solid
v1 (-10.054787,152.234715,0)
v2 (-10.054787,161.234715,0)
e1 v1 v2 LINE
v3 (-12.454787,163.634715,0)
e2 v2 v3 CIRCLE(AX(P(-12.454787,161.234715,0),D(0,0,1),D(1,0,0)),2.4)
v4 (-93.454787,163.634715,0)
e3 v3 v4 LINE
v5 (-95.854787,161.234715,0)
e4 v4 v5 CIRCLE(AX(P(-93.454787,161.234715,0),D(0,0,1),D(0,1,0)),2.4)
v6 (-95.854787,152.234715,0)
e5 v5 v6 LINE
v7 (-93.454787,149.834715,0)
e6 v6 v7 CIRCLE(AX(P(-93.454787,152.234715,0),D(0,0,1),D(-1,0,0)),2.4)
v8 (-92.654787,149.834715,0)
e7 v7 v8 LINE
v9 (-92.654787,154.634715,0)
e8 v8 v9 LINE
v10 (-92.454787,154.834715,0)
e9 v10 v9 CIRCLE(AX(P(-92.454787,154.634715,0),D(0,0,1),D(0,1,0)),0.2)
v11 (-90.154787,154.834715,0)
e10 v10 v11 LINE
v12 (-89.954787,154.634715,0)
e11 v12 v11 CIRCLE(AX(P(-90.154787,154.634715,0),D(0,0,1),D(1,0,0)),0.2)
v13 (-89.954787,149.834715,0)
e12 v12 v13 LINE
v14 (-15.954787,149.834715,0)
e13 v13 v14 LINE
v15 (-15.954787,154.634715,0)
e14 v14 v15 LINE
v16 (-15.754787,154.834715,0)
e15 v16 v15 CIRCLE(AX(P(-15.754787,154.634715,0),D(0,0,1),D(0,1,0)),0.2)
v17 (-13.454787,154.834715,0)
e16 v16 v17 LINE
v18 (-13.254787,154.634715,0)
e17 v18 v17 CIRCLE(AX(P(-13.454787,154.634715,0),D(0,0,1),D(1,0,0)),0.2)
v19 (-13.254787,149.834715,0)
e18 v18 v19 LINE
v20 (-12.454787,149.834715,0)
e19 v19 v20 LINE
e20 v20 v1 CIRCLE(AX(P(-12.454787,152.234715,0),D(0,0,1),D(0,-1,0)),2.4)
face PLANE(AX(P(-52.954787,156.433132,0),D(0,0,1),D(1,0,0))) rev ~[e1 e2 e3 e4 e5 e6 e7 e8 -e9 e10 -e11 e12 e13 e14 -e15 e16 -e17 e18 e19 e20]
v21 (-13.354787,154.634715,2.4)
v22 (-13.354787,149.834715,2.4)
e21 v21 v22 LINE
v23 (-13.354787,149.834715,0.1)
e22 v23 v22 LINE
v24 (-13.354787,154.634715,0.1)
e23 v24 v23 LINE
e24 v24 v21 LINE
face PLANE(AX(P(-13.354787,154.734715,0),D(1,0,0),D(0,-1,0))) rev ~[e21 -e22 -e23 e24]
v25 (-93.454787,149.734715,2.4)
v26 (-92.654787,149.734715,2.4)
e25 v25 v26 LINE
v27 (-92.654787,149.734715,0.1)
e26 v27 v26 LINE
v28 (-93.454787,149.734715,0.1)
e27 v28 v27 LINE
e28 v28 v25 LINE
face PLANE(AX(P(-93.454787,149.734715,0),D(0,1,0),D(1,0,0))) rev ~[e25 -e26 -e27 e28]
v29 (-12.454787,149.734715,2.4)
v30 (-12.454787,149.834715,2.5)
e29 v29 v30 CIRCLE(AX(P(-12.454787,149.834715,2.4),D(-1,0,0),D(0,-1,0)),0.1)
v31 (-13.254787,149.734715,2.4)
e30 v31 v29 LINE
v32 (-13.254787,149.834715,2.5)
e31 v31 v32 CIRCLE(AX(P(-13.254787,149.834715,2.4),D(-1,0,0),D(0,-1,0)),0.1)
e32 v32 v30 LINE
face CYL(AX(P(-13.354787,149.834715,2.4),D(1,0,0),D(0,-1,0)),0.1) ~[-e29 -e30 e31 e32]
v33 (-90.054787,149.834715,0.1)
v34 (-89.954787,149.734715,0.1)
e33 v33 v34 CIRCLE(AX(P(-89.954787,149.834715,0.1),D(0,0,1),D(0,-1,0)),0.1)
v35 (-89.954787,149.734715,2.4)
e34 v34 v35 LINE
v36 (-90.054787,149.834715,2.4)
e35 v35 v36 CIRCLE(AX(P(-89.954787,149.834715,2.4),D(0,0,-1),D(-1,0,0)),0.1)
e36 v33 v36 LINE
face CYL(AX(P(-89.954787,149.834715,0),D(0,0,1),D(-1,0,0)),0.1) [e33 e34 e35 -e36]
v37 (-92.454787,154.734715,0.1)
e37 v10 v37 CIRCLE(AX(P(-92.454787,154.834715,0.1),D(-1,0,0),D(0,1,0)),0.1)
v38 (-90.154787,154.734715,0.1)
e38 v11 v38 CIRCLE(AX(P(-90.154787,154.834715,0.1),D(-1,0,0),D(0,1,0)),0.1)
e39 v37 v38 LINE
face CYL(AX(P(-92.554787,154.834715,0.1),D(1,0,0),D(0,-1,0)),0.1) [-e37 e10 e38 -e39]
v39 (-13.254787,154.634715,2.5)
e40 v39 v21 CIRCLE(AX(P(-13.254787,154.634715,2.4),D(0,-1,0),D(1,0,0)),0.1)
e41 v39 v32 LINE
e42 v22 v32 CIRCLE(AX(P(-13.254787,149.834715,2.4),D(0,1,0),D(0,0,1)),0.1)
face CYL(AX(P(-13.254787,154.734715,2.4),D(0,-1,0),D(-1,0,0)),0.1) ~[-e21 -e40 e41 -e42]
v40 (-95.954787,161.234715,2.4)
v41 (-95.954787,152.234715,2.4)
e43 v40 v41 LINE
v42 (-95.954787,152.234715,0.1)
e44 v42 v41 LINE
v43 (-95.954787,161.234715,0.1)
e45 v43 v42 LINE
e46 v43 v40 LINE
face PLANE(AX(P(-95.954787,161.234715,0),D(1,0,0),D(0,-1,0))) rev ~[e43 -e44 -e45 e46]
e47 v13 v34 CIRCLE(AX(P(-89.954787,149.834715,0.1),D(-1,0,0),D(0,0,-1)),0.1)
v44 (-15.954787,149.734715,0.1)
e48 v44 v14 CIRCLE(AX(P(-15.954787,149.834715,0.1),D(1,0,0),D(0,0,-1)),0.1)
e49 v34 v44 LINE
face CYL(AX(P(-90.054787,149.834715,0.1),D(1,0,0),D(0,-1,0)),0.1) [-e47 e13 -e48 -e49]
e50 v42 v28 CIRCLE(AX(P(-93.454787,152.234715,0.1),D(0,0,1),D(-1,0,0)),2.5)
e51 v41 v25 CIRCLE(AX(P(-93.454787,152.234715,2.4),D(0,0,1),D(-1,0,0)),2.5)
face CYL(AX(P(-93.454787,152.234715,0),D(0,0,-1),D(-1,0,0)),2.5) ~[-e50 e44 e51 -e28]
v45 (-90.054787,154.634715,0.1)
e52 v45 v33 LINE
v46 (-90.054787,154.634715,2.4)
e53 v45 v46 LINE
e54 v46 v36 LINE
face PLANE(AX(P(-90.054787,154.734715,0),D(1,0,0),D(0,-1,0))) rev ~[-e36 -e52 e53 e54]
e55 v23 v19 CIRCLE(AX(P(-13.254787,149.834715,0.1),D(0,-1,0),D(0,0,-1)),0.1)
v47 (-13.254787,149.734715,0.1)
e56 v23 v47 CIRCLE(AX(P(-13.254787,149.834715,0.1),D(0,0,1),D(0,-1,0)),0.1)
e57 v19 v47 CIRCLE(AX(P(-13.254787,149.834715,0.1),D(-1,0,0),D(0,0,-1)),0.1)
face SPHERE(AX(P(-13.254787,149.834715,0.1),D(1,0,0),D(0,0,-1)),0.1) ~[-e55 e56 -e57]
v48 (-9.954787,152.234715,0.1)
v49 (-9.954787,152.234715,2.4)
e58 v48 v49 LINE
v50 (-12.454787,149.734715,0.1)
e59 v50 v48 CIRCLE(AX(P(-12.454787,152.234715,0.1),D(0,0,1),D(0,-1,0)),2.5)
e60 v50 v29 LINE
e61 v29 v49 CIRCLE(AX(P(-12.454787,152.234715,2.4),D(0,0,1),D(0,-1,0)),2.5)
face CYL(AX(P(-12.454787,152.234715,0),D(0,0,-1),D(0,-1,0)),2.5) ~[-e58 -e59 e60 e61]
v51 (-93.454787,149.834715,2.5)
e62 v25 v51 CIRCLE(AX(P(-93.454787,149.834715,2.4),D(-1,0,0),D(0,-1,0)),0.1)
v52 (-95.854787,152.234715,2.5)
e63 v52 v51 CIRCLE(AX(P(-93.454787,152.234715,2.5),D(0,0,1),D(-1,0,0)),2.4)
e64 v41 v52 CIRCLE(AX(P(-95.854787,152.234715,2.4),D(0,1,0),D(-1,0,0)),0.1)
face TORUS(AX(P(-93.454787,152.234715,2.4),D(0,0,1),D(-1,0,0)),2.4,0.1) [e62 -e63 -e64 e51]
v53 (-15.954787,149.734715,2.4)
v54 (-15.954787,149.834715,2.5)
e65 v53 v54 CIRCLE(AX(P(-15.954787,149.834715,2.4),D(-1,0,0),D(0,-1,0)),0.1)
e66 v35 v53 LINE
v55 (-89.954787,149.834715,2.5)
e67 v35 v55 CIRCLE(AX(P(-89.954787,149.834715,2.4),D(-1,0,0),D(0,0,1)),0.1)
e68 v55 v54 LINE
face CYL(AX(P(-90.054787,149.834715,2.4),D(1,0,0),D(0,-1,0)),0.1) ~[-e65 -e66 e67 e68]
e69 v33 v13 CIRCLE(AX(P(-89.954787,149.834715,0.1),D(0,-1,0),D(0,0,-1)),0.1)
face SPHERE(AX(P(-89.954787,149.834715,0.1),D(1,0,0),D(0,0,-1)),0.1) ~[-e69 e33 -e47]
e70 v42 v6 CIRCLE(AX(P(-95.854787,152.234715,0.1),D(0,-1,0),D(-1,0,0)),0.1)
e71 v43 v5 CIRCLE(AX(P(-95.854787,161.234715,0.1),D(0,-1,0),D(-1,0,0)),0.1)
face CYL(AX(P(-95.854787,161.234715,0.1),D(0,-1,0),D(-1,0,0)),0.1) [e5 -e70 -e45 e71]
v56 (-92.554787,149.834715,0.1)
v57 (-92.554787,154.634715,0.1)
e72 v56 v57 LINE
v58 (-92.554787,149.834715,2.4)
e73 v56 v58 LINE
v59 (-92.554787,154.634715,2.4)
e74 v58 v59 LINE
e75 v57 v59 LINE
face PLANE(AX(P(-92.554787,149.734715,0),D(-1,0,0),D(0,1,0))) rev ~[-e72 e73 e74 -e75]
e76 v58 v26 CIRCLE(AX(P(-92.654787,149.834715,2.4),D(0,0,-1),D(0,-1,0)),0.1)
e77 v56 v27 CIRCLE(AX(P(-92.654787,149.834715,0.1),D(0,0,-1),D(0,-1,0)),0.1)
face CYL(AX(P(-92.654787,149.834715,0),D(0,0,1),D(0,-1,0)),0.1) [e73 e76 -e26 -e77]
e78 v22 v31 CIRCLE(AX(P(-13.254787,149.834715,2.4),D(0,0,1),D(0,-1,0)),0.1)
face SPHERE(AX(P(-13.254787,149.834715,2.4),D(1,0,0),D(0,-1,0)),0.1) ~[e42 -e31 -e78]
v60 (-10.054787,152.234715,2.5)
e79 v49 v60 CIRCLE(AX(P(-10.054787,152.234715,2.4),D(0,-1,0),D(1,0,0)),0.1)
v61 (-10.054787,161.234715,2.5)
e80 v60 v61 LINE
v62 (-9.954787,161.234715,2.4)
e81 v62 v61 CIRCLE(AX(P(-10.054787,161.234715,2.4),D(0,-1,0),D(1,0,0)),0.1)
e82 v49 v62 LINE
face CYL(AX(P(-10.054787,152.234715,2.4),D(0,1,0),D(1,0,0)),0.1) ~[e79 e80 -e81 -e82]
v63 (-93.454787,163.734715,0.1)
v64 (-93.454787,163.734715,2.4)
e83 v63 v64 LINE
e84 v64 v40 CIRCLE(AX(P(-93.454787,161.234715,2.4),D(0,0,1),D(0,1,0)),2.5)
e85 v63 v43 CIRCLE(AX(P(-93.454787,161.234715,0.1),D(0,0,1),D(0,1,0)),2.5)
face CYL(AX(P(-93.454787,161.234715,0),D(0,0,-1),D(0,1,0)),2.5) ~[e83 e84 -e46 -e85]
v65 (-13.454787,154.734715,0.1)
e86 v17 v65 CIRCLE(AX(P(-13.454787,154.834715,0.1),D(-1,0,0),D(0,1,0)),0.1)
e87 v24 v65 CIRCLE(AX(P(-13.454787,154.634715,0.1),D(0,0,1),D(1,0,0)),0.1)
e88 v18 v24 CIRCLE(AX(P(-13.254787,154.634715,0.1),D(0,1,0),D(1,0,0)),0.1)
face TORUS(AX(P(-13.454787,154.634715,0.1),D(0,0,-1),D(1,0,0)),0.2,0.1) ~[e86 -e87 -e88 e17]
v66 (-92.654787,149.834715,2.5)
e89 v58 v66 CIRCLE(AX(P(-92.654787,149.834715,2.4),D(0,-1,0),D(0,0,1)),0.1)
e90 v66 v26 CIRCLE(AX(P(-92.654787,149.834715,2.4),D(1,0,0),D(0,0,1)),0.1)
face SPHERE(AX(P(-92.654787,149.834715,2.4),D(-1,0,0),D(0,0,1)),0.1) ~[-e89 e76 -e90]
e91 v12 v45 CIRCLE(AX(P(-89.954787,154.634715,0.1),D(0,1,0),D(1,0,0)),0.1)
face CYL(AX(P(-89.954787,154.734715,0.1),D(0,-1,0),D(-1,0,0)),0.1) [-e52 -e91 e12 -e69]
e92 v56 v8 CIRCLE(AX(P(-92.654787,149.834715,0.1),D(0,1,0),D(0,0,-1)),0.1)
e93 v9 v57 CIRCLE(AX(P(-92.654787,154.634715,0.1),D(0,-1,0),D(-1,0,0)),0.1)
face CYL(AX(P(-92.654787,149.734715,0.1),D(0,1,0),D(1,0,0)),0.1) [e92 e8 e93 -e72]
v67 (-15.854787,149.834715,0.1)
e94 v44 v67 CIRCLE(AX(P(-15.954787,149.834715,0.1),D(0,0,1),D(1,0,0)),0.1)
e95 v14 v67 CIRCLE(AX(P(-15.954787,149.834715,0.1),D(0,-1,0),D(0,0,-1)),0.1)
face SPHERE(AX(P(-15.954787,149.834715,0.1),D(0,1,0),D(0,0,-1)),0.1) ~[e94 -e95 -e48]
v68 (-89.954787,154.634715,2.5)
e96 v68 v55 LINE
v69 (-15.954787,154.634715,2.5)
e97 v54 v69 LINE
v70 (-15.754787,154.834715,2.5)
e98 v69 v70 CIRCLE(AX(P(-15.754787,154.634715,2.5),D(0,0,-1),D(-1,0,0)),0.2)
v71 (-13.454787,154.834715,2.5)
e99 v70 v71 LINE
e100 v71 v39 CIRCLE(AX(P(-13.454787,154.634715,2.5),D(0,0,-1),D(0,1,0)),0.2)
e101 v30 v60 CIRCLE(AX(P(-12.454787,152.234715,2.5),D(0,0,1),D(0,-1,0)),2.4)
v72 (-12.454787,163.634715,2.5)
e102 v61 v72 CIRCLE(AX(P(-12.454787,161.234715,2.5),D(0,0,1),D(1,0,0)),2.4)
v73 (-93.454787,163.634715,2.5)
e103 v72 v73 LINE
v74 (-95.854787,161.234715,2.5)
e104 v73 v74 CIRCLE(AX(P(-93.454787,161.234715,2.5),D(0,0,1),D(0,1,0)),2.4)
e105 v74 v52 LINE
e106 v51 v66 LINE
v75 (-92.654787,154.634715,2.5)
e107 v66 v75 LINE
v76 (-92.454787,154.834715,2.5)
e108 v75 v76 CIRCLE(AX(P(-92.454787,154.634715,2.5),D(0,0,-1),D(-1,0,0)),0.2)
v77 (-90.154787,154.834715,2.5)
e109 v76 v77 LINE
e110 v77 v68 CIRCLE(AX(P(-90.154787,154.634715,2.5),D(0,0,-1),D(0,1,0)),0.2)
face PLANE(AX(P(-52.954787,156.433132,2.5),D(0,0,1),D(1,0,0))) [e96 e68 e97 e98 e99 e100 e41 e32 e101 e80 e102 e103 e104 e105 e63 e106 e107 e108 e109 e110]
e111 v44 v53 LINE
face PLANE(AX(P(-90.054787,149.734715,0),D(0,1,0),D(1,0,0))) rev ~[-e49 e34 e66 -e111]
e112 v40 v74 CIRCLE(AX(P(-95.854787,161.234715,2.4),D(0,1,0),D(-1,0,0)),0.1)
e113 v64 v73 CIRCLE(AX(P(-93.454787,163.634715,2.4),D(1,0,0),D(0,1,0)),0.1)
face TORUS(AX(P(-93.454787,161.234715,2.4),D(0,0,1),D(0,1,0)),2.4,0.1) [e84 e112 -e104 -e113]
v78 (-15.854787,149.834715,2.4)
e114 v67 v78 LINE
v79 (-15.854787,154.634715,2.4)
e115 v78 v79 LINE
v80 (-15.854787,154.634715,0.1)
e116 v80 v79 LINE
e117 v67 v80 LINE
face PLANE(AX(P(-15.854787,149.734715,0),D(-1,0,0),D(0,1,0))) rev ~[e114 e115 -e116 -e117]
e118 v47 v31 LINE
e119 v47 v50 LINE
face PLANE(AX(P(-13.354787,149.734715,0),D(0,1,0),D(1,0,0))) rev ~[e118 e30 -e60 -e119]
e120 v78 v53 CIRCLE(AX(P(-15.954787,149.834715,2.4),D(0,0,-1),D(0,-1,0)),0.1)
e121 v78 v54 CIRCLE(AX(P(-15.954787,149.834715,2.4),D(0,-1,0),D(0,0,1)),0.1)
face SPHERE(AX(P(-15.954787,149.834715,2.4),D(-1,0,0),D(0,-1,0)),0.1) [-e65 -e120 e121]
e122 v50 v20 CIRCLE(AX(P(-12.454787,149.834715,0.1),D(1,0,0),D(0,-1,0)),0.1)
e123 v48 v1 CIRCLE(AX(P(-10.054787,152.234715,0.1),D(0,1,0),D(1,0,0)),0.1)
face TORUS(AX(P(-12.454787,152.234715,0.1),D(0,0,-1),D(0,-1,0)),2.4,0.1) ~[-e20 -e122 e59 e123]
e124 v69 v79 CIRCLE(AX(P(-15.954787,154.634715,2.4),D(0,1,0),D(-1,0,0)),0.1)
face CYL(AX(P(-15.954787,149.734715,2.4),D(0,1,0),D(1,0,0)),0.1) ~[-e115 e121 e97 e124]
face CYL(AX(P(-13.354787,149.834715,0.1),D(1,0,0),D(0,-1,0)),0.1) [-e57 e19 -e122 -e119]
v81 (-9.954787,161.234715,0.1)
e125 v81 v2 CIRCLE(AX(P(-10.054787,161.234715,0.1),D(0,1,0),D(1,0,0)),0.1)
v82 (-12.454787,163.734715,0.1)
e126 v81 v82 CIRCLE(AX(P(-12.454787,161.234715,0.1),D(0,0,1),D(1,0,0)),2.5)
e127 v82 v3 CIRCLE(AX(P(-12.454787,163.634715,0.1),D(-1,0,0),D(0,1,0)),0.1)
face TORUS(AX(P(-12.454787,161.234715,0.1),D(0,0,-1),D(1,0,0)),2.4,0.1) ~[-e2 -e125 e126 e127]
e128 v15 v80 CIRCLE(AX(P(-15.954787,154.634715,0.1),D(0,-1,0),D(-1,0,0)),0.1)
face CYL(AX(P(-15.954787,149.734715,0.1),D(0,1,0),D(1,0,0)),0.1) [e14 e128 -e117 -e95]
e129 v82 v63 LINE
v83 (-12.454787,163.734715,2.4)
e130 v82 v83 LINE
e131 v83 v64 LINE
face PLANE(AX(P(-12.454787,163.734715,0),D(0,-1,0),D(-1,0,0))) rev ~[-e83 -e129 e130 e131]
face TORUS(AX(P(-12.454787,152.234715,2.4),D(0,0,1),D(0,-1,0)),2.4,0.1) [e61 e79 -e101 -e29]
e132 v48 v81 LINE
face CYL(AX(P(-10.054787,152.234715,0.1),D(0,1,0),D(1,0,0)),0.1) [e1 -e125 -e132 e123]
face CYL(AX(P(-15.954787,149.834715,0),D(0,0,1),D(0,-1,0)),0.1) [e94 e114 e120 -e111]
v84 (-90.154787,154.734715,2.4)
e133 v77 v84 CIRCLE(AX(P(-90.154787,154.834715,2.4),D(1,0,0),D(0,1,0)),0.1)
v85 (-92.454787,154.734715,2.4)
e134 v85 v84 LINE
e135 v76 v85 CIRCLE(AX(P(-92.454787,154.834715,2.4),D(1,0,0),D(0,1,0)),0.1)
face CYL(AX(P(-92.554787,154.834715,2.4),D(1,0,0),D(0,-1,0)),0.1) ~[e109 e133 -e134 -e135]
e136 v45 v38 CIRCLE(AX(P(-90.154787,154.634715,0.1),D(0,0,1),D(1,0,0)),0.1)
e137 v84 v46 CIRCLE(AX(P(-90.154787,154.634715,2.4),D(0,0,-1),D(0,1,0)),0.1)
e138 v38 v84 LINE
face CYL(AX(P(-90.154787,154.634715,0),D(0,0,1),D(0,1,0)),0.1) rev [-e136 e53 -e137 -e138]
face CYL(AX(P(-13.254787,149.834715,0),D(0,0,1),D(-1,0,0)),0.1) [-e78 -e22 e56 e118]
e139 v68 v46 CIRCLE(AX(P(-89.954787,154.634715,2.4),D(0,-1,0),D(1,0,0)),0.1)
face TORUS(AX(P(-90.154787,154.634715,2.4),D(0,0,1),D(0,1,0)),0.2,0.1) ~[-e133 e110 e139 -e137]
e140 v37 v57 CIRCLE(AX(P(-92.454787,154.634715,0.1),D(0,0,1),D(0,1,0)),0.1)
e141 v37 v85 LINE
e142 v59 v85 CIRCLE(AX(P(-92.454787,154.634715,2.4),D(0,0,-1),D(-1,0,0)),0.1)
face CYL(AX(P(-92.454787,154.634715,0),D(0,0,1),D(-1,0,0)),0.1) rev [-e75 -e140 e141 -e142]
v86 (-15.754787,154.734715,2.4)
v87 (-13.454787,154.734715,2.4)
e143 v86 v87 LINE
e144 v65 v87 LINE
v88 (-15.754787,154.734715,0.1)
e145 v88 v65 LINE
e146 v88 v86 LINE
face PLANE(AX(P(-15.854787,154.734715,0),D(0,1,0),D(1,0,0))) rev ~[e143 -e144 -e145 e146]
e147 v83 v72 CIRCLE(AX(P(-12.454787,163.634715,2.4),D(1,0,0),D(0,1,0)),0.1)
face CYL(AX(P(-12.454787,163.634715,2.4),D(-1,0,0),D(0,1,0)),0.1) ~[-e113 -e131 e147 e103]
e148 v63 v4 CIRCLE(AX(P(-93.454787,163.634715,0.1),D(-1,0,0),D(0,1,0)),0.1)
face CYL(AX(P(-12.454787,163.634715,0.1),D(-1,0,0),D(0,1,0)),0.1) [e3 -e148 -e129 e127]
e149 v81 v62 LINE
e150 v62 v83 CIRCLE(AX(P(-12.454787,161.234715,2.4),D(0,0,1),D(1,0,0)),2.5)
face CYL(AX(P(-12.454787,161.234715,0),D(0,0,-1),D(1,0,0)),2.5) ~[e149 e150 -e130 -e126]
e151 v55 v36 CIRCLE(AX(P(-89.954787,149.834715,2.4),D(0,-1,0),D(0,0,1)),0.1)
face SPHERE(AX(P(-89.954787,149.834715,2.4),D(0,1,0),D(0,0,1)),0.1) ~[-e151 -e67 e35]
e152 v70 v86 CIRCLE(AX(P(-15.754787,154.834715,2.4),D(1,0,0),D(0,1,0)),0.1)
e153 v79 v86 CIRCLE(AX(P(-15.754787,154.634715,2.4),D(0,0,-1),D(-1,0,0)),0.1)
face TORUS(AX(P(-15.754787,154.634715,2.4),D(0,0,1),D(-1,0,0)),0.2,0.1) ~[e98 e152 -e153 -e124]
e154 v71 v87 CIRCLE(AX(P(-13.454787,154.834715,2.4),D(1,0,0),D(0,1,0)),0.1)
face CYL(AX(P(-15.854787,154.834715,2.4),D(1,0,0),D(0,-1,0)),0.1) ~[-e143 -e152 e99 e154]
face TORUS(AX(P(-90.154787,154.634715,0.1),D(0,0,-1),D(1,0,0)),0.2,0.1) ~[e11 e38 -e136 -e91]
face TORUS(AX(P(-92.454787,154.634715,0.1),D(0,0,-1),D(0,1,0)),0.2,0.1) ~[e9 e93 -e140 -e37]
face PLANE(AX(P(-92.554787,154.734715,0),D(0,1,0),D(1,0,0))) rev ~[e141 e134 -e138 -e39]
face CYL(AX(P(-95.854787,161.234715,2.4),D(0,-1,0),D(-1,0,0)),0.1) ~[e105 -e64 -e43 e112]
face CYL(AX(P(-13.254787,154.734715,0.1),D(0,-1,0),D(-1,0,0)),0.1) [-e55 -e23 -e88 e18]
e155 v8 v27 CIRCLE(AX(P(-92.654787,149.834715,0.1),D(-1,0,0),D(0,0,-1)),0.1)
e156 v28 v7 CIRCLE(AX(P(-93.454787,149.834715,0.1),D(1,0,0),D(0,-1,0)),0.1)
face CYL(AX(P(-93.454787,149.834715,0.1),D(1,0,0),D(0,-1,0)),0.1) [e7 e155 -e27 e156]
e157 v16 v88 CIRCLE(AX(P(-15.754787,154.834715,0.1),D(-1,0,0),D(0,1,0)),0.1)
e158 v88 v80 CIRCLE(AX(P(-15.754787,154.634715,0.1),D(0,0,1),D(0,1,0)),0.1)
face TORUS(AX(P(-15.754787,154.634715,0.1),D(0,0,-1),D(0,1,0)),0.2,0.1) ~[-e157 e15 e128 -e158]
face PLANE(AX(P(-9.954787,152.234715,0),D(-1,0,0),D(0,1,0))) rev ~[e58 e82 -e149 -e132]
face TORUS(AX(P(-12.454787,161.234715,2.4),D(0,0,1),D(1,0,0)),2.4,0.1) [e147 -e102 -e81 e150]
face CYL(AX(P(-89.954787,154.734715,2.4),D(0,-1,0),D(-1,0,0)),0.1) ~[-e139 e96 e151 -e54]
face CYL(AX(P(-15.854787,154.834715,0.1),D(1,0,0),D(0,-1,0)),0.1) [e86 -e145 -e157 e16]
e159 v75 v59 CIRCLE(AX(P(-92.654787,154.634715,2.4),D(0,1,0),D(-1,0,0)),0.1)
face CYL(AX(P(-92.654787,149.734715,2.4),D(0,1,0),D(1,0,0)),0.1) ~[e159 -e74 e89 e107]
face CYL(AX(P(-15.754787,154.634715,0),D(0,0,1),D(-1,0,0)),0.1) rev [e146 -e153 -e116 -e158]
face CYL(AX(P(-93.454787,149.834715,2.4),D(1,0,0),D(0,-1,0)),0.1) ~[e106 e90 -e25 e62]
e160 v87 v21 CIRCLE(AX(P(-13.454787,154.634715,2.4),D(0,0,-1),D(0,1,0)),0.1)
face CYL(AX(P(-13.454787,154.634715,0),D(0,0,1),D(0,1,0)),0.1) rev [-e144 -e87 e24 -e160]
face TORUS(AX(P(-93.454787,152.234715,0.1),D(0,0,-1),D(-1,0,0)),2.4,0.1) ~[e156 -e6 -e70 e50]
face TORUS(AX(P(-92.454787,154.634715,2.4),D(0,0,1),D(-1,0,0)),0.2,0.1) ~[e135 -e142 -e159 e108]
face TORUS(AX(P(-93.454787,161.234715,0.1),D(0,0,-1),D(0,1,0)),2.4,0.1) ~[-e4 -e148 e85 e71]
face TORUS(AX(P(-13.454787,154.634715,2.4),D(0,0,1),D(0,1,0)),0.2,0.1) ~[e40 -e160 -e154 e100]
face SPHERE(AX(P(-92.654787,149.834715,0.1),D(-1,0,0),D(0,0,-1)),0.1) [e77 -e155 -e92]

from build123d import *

# Parameters (mm, degrees)
RESSALTO_EXTRUS_O1_DEPTH = 2.5
FILETE1_R                = 0.1


with BuildPart() as part:
    # Esboço1 → Ressalto-extrusão1 (new body)
    with BuildSketch(Plane.XY):
        with BuildLine():
            Line((-12.454787307, 163.73471538), (-93.454787307, 163.73471538))
            ThreePointArc((-93.454787307, 163.73471538), (-95.22255426, 163.002482333), (-95.954787307, 161.23471538))
            Line((-95.954787307, 161.23471538), (-95.954787307, 152.23471538))
            ThreePointArc((-95.954787307, 152.23471538), (-95.22255426, 150.466948427), (-93.454787307, 149.73471538))
            Line((-93.454787307, 149.73471538), (-92.554787307, 149.73471538))
            Line((-92.554787307, 149.73471538), (-92.554787307, 154.73471538))
            Line((-92.554787307, 154.73471538), (-90.054787307, 154.73471538))
            Line((-90.054787307, 154.73471538), (-90.054787307, 149.73471538))
            Line((-90.054787307, 149.73471538), (-66.954787307, 149.73471538))
            Line((-66.954787307, 149.73471538), (-64.454787307, 149.73471538))
            Line((-64.454787307, 149.73471538), (-41.454787307, 149.73471538))
            Line((-41.454787307, 149.73471538), (-38.954787307, 149.73471538))
            Line((-38.954787307, 149.73471538), (-15.854787307, 149.73471538))
            Line((-15.854787307, 149.73471538), (-15.854787307, 154.73471538))
            Line((-15.854787307, 154.73471538), (-13.354787307, 154.73471538))
            Line((-13.354787307, 154.73471538), (-13.354787307, 149.73471538))
            Line((-13.354787307, 149.73471538), (-12.454787307, 149.73471538))
            ThreePointArc((-12.454787307, 149.73471538), (-10.687020354, 150.466948427), (-9.954787307, 152.23471538))
            Line((-9.954787307, 152.23471538), (-9.954787307, 161.23471538))
            ThreePointArc((-9.954787307, 161.23471538), (-10.687020354, 163.002482333), (-12.454787307, 163.73471538))
        make_face()
    extrude(amount=RESSALTO_EXTRUS_O1_DEPTH)

    # Filete1
    filete1_edges = [part.edges().sort_by_distance(p)[0] for p in [
        (-93.004787307, 149.73471538, 2.5),
        (-95.22255426, 163.002482333, 0),
        (-52.954787307, 163.73471538, 0),
        (-92.554787307, 152.23471538, 2.5),
        (-10.687020354, 163.002482333, 0),
        (-9.954787307, 156.73471538, 0),
        (-10.687020354, 150.466948427, 0),
        (-12.904787307, 149.73471538, 0),
        (-13.354787307, 152.23471538, 0),
        (-14.604787307, 154.73471538, 0),
        (-15.854787307, 152.23471538, 0),
        (-52.954787307, 149.73471538, 0),
        (-91.304787307, 154.73471538, 2.5),
        (-90.054787307, 152.23471538, 0),
        (-91.304787307, 154.73471538, 0),
        (-92.554787307, 152.23471538, 0),
        (-93.004787307, 149.73471538, 0),
        (-95.22255426, 150.466948427, 0),
        (-95.954787307, 156.73471538, 0),
        (-90.054787307, 152.23471538, 2.5),
        (-52.954787307, 149.73471538, 2.5),
        (-13.354787307, 149.73471538, 1.25),
        (-13.354787307, 154.73471538, 1.25),
        (-15.854787307, 154.73471538, 1.25),
        (-15.854787307, 149.73471538, 1.25),
        (-90.054787307, 149.73471538, 1.25),
        (-90.054787307, 154.73471538, 1.25),
        (-92.554787307, 154.73471538, 1.25),
        (-92.554787307, 149.73471538, 1.25),
        (-15.854787307, 152.23471538, 2.5),
        (-14.604787307, 154.73471538, 2.5),
        (-13.354787307, 152.23471538, 2.5),
        (-12.904787307, 149.73471538, 2.5),
        (-10.687020354, 150.466948427, 2.5),
        (-95.954787307, 156.73471538, 2.5),
        (-9.954787307, 156.73471538, 2.5),
        (-10.687020354, 163.002482333, 2.5),
        (-52.954787307, 163.73471538, 2.5),
        (-95.22255426, 163.002482333, 2.5),
        (-95.22255426, 150.466948427, 2.5),
    ]]
    fillet(filete1_edges, radius=FILETE1_R)


solid = part.part
